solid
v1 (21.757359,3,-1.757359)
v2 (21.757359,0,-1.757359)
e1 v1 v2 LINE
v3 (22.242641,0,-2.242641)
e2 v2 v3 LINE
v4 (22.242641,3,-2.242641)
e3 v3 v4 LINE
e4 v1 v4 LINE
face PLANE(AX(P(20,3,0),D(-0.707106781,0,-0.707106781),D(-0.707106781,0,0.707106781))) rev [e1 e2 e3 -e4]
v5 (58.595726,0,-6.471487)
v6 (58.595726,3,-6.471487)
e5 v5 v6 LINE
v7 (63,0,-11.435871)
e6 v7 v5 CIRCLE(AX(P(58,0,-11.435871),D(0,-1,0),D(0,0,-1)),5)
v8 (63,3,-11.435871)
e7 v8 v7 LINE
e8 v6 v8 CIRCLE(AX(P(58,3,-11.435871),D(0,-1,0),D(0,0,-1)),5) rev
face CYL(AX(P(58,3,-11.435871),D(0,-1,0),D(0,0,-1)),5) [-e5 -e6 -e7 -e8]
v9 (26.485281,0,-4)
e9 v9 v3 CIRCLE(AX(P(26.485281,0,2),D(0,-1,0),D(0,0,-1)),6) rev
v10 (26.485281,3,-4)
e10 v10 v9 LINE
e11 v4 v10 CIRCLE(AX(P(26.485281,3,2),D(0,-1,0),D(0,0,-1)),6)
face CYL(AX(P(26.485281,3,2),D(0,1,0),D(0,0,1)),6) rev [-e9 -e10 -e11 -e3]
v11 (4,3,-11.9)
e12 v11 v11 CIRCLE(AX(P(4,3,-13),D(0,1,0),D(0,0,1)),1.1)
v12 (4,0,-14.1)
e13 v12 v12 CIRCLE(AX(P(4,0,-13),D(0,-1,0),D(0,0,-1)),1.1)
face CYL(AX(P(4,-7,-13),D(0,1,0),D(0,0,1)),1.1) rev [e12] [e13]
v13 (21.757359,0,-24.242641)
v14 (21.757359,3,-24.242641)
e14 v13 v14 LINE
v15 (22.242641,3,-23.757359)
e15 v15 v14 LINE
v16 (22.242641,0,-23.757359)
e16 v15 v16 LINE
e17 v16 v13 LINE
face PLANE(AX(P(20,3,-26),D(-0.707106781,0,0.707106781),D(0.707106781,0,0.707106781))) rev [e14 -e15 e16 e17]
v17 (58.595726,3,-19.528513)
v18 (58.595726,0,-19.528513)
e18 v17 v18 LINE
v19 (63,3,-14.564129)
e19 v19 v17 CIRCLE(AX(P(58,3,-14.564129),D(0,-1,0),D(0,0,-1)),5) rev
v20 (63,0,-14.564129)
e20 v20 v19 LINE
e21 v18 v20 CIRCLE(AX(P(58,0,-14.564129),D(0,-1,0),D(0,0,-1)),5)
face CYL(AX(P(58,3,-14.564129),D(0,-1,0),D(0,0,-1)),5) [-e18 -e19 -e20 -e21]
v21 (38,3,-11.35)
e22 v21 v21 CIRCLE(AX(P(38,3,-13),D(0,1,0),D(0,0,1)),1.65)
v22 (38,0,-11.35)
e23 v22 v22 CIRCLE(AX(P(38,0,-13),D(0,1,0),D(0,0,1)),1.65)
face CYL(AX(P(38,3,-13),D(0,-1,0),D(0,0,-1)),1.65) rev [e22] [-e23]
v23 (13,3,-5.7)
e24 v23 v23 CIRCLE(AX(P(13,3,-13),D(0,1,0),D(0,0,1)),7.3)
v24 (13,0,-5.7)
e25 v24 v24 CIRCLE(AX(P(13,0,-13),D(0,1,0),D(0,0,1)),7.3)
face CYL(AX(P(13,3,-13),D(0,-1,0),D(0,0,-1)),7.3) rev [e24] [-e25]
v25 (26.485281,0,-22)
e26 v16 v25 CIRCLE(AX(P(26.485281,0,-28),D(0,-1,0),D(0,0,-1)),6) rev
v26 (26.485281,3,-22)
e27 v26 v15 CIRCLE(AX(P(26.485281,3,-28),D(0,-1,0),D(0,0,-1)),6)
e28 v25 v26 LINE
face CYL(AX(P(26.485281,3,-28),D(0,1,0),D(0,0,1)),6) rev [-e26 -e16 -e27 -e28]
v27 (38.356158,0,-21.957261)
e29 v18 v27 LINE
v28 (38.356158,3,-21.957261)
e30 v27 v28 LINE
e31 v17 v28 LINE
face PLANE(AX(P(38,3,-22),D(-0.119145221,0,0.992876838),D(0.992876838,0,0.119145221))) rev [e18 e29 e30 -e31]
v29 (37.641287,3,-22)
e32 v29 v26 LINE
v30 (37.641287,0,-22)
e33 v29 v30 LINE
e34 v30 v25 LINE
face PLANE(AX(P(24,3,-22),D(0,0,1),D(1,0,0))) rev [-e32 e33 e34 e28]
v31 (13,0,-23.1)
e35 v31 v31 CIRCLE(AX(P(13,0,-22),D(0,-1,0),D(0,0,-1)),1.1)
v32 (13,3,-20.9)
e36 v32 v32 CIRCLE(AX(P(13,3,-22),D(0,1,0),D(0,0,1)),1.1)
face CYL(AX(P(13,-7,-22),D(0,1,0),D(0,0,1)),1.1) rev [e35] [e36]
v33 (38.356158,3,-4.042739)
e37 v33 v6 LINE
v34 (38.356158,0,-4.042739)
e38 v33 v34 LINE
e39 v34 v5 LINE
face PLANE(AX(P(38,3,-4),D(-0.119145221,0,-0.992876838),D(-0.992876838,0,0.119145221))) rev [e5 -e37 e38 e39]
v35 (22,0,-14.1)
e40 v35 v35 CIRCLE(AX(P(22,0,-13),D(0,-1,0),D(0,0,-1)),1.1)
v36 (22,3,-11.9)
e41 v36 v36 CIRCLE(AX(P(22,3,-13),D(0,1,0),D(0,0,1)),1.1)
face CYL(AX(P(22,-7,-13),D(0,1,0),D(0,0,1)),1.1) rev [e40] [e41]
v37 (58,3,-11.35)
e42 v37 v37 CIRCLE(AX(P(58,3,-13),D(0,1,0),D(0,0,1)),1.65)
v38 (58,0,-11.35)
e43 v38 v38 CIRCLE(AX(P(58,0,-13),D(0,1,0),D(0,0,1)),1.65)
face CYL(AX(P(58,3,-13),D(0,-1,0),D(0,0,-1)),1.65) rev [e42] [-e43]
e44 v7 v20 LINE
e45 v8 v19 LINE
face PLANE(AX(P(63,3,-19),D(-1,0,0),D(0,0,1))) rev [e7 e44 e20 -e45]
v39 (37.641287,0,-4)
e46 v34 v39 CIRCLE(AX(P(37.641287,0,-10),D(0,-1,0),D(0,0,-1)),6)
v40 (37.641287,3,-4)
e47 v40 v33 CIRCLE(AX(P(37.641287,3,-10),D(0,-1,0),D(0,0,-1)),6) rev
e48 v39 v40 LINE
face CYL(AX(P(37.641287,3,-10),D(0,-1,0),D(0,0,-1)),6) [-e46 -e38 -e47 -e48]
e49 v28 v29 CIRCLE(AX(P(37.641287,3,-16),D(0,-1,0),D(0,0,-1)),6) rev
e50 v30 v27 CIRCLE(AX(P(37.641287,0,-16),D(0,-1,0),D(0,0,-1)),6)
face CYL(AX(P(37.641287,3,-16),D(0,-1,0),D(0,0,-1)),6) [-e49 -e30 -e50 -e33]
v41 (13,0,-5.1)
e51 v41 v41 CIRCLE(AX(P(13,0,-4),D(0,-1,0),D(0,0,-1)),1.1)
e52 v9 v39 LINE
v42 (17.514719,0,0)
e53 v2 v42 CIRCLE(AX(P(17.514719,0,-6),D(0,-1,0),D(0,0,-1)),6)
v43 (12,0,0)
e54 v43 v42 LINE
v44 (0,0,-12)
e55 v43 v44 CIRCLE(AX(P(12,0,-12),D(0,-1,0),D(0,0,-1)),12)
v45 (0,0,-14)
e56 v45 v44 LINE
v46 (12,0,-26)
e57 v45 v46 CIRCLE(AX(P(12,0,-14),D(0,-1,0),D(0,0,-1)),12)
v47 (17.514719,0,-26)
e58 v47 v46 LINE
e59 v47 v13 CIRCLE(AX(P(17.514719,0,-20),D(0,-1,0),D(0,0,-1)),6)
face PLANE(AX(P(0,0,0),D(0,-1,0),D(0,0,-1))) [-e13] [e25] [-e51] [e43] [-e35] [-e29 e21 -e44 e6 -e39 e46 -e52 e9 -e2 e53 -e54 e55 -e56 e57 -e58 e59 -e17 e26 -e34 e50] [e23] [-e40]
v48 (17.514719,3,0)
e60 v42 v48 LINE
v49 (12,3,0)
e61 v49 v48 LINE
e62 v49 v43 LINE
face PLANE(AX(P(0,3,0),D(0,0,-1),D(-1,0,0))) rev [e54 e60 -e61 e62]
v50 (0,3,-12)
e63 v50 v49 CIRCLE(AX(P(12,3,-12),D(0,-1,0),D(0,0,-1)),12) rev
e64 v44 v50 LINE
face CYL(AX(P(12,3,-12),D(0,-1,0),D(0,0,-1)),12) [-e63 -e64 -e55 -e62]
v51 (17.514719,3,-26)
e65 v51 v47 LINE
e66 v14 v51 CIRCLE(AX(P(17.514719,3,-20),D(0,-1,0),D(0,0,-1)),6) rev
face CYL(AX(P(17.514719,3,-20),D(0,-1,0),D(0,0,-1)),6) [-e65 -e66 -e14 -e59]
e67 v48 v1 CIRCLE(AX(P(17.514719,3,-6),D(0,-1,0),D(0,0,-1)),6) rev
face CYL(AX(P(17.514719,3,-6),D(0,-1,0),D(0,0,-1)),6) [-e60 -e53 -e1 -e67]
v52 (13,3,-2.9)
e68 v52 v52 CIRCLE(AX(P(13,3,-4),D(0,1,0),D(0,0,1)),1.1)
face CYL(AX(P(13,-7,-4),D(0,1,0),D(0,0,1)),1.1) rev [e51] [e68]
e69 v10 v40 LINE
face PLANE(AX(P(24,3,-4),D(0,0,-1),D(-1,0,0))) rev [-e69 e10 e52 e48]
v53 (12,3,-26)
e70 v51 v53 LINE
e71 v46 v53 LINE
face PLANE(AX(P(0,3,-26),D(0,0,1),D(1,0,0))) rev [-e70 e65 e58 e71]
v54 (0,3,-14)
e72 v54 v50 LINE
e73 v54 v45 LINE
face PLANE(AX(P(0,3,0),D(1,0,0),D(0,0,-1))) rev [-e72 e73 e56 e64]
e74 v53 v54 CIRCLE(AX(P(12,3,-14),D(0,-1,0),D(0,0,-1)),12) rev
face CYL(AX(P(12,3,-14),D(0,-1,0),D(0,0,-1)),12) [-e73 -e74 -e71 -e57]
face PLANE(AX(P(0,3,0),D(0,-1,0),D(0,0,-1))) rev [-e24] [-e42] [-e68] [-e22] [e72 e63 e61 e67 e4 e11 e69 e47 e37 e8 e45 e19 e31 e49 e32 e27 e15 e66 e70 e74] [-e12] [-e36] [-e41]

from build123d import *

# Parameters (mm, degrees)
SKETCH1_R           = 7.3
SKETCH1_R_2         = 1.65
BOSS_EXTRUDE1_DEPTH = 3
FILLET1_R           = 12
FILLET4_R           = 6
FILLET5_R           = 5
SKETCH2_R           = 1.1
CUT_EXTRUDE1_DEPTH  = 10


with BuildPart() as part:
    # Sketch1 → Boss-Extrude1 (new body)
    with BuildSketch(Plane(origin=(0, 0, 0), x_dir=(1, 0, 0), z_dir=(0, 1, 0))):
        Polygon((20, 26), (24, 22), (38, 22), (63, 19), (63, 7), (38, 4), (24, 4), (20, 0), (0, 0), (0, 26), align=None)
        with Locations((13, 13)):
            Circle(SKETCH1_R, mode=Mode.SUBTRACT)
        with Locations((38, 13)):
            Circle(SKETCH1_R_2, mode=Mode.SUBTRACT)
        with Locations((58, 13)):
            Circle(SKETCH1_R_2, mode=Mode.SUBTRACT)
    extrude(amount=BOSS_EXTRUDE1_DEPTH)

    # Fillet1
    fillet1_edges = [part.edges().sort_by_distance(p)[0] for p in [
        (0, 1.5, 0),
        (0, 1.5, -26),
    ]]
    fillet(fillet1_edges, radius=FILLET1_R)

    # Fillet4
    fillet4_edges = [part.edges().sort_by_distance(p)[0] for p in [
        (20, 1.5, -26),
        (24, 1.5, -22),
        (38, 1.5, -22),
        (38, 1.5, -4),
        (24, 1.5, -4),
        (20, 1.5, 0),
    ]]
    fillet(fillet4_edges, radius=FILLET4_R)

    # Fillet5
    fillet5_edges = [part.edges().sort_by_distance(p)[0] for p in [
        (63, 1.5, -19),
        (63, 1.5, -7),
    ]]
    fillet(fillet5_edges, radius=FILLET5_R)

    # Sketch2 → Cut-Extrude1 (cut)
    with BuildSketch(Plane(origin=(0, 3, 0), x_dir=(1, 0, 0), z_dir=(0, 1, 0))):
        with Locations((22, 13)):
            Circle(SKETCH2_R)
        with Locations((13, 4)):
            Circle(SKETCH2_R)
        with Locations((4, 13)):
            Circle(SKETCH2_R)
        with Locations((13, 22)):
            Circle(SKETCH2_R)
    extrude(amount=-CUT_EXTRUDE1_DEPTH, mode=Mode.SUBTRACT)


solid = part.part
